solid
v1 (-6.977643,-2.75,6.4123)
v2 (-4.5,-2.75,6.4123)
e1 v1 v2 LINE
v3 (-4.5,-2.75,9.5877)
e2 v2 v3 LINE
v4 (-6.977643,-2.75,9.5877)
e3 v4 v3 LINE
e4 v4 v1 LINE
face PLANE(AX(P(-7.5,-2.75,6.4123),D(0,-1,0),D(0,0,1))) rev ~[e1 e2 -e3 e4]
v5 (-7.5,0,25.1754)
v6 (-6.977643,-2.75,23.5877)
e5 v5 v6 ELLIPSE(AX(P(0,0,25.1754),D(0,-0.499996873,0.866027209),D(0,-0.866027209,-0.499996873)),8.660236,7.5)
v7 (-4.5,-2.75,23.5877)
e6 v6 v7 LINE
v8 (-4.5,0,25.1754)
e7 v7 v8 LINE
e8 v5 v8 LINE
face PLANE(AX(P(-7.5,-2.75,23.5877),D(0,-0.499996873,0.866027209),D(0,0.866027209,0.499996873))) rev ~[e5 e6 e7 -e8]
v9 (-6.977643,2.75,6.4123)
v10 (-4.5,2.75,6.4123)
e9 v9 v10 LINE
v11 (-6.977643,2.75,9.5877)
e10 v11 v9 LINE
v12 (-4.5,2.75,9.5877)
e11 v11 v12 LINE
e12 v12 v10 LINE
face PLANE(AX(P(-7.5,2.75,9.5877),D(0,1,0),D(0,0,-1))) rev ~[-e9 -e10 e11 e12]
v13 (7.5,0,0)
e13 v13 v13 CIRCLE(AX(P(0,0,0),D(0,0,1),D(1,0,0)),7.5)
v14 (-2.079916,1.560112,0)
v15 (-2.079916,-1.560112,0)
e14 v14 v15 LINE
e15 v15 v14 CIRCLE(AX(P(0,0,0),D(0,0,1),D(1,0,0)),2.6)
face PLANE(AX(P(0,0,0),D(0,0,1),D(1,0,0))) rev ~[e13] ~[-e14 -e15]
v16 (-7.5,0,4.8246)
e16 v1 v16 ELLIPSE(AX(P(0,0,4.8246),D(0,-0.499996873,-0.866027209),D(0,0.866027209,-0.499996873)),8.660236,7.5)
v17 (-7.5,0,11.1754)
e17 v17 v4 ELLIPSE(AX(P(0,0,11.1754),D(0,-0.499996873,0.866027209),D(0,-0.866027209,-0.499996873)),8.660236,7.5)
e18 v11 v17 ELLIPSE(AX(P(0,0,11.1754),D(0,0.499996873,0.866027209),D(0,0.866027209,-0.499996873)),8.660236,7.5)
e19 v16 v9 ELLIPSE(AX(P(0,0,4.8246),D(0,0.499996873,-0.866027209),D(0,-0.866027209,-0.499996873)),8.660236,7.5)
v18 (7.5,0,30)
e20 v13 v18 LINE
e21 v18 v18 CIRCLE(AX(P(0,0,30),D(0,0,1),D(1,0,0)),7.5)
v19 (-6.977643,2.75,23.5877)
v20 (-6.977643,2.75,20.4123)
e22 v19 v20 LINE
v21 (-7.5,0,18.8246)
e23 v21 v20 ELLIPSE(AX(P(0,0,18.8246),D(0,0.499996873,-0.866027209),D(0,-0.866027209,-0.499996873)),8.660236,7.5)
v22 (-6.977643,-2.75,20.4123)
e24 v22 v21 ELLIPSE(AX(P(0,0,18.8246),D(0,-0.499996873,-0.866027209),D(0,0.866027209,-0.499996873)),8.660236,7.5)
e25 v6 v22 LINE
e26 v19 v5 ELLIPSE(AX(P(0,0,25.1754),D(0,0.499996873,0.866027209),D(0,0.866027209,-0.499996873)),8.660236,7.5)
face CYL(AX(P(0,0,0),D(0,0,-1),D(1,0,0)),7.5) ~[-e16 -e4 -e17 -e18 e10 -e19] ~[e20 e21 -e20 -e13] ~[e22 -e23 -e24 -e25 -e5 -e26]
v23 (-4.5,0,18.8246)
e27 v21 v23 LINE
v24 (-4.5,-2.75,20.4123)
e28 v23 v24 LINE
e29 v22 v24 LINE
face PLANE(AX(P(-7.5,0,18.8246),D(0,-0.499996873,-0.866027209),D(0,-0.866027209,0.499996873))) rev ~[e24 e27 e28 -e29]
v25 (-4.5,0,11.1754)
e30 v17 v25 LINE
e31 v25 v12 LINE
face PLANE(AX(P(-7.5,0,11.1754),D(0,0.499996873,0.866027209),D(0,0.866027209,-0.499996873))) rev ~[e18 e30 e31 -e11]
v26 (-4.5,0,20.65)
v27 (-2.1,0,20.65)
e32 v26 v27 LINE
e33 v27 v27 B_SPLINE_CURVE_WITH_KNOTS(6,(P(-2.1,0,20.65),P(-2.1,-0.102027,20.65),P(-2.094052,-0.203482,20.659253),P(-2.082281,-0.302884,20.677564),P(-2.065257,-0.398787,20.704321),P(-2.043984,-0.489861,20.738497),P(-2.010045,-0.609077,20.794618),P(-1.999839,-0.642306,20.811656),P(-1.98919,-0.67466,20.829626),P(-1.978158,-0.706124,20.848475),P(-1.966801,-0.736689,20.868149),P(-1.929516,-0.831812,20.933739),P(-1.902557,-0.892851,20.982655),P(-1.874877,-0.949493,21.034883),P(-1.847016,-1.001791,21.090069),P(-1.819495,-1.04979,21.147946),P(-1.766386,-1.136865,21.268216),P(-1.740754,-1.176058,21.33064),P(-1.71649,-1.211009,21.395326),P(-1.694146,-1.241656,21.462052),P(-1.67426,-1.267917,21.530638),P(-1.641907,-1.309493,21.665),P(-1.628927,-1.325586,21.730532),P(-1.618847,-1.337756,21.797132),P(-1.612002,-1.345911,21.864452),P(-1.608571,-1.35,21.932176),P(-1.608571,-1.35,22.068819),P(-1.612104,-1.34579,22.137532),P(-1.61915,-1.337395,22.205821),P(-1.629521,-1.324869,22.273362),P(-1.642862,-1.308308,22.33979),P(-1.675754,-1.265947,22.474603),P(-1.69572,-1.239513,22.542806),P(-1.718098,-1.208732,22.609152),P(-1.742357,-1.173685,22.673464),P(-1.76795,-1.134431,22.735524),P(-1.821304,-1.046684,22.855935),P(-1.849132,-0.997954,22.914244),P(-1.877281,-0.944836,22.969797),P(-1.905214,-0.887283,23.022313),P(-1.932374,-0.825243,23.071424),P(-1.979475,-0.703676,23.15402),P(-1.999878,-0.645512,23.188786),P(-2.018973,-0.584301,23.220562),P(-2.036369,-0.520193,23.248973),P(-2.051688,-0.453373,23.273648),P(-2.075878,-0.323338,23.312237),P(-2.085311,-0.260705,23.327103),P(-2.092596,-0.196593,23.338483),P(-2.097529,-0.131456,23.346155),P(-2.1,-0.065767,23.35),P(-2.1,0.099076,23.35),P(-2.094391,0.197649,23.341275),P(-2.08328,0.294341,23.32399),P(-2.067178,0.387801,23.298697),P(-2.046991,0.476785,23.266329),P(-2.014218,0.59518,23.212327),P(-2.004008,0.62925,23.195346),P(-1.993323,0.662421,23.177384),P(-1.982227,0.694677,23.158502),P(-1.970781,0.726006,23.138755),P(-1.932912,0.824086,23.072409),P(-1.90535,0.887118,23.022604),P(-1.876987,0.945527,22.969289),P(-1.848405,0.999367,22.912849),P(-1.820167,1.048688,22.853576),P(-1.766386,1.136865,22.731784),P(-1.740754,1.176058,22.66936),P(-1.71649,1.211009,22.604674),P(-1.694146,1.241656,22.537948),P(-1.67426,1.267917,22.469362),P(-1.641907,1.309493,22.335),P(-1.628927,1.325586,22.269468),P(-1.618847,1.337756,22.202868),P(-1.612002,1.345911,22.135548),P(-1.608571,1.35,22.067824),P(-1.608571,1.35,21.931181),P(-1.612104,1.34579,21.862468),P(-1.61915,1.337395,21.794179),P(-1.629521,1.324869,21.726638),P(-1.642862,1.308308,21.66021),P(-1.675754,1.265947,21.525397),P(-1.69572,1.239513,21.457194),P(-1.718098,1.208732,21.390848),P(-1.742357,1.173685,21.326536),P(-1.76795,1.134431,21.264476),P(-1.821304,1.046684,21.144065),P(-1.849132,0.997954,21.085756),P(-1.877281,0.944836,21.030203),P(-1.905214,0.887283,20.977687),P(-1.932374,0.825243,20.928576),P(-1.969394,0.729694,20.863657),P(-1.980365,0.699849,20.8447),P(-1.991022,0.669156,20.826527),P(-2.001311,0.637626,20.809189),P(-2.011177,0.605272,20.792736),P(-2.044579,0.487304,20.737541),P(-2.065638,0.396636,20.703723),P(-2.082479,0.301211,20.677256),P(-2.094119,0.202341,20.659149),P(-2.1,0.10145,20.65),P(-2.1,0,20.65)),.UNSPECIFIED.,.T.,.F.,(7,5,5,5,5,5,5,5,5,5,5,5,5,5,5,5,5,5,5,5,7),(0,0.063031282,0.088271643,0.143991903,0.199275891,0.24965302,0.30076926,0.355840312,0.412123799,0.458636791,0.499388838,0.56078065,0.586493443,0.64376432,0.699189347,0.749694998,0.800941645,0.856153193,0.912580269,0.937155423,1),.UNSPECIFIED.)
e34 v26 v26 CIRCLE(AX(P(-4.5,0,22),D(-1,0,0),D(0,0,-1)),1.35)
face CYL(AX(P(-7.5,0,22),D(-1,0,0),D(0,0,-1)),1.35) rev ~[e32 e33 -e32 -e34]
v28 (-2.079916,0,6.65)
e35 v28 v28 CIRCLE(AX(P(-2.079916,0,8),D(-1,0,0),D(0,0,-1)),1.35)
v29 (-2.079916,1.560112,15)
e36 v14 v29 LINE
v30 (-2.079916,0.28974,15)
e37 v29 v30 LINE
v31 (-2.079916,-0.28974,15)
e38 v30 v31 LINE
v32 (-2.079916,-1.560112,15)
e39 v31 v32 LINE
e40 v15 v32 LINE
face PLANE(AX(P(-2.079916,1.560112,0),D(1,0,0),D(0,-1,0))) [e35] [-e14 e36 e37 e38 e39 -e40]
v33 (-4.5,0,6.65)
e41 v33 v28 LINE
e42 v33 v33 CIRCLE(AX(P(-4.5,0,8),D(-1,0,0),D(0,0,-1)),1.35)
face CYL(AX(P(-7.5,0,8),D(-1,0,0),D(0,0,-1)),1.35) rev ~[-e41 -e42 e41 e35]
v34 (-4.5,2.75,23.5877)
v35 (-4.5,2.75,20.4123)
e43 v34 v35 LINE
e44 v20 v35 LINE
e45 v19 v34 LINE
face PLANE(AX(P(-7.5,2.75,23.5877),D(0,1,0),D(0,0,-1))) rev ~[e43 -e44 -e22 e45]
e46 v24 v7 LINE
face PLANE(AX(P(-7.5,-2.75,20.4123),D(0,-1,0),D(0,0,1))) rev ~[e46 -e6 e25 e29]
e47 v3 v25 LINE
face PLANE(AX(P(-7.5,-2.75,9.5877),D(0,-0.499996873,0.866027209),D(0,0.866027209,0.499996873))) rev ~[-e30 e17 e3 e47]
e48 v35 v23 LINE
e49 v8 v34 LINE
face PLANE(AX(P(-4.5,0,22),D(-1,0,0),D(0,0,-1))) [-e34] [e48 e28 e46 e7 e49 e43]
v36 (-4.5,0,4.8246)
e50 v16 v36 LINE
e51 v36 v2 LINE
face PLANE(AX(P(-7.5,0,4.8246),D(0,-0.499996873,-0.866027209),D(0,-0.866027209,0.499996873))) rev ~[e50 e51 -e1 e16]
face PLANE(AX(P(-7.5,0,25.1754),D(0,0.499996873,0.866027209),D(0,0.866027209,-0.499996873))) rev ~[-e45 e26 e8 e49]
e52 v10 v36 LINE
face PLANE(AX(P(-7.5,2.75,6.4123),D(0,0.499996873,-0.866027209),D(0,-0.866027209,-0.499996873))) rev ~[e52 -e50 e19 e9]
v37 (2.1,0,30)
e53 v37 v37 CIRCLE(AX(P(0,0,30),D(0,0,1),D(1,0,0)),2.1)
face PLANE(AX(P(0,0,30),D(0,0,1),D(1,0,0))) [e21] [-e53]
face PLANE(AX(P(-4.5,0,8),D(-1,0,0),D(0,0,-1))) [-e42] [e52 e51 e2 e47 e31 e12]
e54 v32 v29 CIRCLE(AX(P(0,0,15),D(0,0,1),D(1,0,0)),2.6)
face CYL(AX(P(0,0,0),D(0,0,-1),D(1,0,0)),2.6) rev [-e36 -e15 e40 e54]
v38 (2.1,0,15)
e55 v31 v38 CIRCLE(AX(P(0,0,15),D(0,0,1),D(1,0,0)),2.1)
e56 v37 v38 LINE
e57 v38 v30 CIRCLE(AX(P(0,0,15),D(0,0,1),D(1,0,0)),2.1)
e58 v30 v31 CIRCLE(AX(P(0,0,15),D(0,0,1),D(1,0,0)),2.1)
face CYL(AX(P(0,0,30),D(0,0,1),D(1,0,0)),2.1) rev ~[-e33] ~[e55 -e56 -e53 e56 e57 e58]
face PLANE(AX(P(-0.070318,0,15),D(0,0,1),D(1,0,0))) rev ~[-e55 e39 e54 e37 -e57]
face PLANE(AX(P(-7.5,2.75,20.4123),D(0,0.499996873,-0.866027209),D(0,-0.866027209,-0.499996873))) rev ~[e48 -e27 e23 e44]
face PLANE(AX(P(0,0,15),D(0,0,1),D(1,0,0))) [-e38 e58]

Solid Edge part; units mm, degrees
sketch "Sketch1" plane through (0, 0, 0) normal (0, 0, 1) x (1, 0, 0)
  circle A0 centre (0, 0) radius 7.5
  dimension "D1" = 15
extrude "Protrusion1" add sketch "Sketch1" along normal blind 30
sketch "Sketch2" plane through (0, 0, 30) normal (0, 0, 1) x (1, 0, 0)
  circle A0 centre (0, 0) radius 2.1
  dimension "D1" = 4.2
extrude "ExtrudedCutout_1" cut sketch "Sketch2" against normal blind 15
sketch "Sketch3" plane through (0, 0, 0) normal (0, 0, -1) x (1, 0, 0)
  line L0 (-2.0799, -1.5601) -> (-2.0799, 1.5601)
  arc A0 (-2.0799, 1.5601) -> (-2.0799, -1.5601) centre (0, 0) cw
extrude "Cutout1" cut sketch "Sketch3" against normal up to vertex (15 mm away)
sketch "Sketch4" plane through (-7.5, 0, 15) normal (-1, 0, 0) x (0, 0, -1)
  line L0 (5.4123, 2.75) -> (3.8246, 0)
  line L1 (3.8246, 0) -> (5.4123, -2.75)
  line L2 (5.4123, -2.75) -> (8.5877, -2.75)
  line L3 (8.5877, -2.75) -> (10.1754, 0)
  line L4 (10.1754, 0) -> (8.5877, 2.75)
  line L5 (8.5877, 2.75) -> (5.4123, 2.75)
  line L6 (-8.5877, 2.75) -> (-10.1754, 0)
  line L7 (-10.1754, 0) -> (-8.5877, -2.75)
  line L8 (-8.5877, -2.75) -> (-5.4123, -2.75)
  line L9 (-5.4123, -2.75) -> (-3.8246, 0)
  line L10 (-3.8246, 0) -> (-5.4123, 2.75)
  line L11 (-5.4123, 2.75) -> (-8.5877, 2.75)
extrude "ExtrudedCutout_3" cut sketch "Sketch4" against normal blind 3
sketch "Sketch5" plane through (-7.5, 0, 15) normal (-1, 0, 0) x (0, 0, -1)
  circle A0 centre (-7, 0) radius 1.35
  circle A1 centre (7, 0) radius 1.35
  dimension "D1" = 2.7
  dimension "D2" = 2.7
extrude "Cutout2" cut sketch "Sketch5" against normal up to next
